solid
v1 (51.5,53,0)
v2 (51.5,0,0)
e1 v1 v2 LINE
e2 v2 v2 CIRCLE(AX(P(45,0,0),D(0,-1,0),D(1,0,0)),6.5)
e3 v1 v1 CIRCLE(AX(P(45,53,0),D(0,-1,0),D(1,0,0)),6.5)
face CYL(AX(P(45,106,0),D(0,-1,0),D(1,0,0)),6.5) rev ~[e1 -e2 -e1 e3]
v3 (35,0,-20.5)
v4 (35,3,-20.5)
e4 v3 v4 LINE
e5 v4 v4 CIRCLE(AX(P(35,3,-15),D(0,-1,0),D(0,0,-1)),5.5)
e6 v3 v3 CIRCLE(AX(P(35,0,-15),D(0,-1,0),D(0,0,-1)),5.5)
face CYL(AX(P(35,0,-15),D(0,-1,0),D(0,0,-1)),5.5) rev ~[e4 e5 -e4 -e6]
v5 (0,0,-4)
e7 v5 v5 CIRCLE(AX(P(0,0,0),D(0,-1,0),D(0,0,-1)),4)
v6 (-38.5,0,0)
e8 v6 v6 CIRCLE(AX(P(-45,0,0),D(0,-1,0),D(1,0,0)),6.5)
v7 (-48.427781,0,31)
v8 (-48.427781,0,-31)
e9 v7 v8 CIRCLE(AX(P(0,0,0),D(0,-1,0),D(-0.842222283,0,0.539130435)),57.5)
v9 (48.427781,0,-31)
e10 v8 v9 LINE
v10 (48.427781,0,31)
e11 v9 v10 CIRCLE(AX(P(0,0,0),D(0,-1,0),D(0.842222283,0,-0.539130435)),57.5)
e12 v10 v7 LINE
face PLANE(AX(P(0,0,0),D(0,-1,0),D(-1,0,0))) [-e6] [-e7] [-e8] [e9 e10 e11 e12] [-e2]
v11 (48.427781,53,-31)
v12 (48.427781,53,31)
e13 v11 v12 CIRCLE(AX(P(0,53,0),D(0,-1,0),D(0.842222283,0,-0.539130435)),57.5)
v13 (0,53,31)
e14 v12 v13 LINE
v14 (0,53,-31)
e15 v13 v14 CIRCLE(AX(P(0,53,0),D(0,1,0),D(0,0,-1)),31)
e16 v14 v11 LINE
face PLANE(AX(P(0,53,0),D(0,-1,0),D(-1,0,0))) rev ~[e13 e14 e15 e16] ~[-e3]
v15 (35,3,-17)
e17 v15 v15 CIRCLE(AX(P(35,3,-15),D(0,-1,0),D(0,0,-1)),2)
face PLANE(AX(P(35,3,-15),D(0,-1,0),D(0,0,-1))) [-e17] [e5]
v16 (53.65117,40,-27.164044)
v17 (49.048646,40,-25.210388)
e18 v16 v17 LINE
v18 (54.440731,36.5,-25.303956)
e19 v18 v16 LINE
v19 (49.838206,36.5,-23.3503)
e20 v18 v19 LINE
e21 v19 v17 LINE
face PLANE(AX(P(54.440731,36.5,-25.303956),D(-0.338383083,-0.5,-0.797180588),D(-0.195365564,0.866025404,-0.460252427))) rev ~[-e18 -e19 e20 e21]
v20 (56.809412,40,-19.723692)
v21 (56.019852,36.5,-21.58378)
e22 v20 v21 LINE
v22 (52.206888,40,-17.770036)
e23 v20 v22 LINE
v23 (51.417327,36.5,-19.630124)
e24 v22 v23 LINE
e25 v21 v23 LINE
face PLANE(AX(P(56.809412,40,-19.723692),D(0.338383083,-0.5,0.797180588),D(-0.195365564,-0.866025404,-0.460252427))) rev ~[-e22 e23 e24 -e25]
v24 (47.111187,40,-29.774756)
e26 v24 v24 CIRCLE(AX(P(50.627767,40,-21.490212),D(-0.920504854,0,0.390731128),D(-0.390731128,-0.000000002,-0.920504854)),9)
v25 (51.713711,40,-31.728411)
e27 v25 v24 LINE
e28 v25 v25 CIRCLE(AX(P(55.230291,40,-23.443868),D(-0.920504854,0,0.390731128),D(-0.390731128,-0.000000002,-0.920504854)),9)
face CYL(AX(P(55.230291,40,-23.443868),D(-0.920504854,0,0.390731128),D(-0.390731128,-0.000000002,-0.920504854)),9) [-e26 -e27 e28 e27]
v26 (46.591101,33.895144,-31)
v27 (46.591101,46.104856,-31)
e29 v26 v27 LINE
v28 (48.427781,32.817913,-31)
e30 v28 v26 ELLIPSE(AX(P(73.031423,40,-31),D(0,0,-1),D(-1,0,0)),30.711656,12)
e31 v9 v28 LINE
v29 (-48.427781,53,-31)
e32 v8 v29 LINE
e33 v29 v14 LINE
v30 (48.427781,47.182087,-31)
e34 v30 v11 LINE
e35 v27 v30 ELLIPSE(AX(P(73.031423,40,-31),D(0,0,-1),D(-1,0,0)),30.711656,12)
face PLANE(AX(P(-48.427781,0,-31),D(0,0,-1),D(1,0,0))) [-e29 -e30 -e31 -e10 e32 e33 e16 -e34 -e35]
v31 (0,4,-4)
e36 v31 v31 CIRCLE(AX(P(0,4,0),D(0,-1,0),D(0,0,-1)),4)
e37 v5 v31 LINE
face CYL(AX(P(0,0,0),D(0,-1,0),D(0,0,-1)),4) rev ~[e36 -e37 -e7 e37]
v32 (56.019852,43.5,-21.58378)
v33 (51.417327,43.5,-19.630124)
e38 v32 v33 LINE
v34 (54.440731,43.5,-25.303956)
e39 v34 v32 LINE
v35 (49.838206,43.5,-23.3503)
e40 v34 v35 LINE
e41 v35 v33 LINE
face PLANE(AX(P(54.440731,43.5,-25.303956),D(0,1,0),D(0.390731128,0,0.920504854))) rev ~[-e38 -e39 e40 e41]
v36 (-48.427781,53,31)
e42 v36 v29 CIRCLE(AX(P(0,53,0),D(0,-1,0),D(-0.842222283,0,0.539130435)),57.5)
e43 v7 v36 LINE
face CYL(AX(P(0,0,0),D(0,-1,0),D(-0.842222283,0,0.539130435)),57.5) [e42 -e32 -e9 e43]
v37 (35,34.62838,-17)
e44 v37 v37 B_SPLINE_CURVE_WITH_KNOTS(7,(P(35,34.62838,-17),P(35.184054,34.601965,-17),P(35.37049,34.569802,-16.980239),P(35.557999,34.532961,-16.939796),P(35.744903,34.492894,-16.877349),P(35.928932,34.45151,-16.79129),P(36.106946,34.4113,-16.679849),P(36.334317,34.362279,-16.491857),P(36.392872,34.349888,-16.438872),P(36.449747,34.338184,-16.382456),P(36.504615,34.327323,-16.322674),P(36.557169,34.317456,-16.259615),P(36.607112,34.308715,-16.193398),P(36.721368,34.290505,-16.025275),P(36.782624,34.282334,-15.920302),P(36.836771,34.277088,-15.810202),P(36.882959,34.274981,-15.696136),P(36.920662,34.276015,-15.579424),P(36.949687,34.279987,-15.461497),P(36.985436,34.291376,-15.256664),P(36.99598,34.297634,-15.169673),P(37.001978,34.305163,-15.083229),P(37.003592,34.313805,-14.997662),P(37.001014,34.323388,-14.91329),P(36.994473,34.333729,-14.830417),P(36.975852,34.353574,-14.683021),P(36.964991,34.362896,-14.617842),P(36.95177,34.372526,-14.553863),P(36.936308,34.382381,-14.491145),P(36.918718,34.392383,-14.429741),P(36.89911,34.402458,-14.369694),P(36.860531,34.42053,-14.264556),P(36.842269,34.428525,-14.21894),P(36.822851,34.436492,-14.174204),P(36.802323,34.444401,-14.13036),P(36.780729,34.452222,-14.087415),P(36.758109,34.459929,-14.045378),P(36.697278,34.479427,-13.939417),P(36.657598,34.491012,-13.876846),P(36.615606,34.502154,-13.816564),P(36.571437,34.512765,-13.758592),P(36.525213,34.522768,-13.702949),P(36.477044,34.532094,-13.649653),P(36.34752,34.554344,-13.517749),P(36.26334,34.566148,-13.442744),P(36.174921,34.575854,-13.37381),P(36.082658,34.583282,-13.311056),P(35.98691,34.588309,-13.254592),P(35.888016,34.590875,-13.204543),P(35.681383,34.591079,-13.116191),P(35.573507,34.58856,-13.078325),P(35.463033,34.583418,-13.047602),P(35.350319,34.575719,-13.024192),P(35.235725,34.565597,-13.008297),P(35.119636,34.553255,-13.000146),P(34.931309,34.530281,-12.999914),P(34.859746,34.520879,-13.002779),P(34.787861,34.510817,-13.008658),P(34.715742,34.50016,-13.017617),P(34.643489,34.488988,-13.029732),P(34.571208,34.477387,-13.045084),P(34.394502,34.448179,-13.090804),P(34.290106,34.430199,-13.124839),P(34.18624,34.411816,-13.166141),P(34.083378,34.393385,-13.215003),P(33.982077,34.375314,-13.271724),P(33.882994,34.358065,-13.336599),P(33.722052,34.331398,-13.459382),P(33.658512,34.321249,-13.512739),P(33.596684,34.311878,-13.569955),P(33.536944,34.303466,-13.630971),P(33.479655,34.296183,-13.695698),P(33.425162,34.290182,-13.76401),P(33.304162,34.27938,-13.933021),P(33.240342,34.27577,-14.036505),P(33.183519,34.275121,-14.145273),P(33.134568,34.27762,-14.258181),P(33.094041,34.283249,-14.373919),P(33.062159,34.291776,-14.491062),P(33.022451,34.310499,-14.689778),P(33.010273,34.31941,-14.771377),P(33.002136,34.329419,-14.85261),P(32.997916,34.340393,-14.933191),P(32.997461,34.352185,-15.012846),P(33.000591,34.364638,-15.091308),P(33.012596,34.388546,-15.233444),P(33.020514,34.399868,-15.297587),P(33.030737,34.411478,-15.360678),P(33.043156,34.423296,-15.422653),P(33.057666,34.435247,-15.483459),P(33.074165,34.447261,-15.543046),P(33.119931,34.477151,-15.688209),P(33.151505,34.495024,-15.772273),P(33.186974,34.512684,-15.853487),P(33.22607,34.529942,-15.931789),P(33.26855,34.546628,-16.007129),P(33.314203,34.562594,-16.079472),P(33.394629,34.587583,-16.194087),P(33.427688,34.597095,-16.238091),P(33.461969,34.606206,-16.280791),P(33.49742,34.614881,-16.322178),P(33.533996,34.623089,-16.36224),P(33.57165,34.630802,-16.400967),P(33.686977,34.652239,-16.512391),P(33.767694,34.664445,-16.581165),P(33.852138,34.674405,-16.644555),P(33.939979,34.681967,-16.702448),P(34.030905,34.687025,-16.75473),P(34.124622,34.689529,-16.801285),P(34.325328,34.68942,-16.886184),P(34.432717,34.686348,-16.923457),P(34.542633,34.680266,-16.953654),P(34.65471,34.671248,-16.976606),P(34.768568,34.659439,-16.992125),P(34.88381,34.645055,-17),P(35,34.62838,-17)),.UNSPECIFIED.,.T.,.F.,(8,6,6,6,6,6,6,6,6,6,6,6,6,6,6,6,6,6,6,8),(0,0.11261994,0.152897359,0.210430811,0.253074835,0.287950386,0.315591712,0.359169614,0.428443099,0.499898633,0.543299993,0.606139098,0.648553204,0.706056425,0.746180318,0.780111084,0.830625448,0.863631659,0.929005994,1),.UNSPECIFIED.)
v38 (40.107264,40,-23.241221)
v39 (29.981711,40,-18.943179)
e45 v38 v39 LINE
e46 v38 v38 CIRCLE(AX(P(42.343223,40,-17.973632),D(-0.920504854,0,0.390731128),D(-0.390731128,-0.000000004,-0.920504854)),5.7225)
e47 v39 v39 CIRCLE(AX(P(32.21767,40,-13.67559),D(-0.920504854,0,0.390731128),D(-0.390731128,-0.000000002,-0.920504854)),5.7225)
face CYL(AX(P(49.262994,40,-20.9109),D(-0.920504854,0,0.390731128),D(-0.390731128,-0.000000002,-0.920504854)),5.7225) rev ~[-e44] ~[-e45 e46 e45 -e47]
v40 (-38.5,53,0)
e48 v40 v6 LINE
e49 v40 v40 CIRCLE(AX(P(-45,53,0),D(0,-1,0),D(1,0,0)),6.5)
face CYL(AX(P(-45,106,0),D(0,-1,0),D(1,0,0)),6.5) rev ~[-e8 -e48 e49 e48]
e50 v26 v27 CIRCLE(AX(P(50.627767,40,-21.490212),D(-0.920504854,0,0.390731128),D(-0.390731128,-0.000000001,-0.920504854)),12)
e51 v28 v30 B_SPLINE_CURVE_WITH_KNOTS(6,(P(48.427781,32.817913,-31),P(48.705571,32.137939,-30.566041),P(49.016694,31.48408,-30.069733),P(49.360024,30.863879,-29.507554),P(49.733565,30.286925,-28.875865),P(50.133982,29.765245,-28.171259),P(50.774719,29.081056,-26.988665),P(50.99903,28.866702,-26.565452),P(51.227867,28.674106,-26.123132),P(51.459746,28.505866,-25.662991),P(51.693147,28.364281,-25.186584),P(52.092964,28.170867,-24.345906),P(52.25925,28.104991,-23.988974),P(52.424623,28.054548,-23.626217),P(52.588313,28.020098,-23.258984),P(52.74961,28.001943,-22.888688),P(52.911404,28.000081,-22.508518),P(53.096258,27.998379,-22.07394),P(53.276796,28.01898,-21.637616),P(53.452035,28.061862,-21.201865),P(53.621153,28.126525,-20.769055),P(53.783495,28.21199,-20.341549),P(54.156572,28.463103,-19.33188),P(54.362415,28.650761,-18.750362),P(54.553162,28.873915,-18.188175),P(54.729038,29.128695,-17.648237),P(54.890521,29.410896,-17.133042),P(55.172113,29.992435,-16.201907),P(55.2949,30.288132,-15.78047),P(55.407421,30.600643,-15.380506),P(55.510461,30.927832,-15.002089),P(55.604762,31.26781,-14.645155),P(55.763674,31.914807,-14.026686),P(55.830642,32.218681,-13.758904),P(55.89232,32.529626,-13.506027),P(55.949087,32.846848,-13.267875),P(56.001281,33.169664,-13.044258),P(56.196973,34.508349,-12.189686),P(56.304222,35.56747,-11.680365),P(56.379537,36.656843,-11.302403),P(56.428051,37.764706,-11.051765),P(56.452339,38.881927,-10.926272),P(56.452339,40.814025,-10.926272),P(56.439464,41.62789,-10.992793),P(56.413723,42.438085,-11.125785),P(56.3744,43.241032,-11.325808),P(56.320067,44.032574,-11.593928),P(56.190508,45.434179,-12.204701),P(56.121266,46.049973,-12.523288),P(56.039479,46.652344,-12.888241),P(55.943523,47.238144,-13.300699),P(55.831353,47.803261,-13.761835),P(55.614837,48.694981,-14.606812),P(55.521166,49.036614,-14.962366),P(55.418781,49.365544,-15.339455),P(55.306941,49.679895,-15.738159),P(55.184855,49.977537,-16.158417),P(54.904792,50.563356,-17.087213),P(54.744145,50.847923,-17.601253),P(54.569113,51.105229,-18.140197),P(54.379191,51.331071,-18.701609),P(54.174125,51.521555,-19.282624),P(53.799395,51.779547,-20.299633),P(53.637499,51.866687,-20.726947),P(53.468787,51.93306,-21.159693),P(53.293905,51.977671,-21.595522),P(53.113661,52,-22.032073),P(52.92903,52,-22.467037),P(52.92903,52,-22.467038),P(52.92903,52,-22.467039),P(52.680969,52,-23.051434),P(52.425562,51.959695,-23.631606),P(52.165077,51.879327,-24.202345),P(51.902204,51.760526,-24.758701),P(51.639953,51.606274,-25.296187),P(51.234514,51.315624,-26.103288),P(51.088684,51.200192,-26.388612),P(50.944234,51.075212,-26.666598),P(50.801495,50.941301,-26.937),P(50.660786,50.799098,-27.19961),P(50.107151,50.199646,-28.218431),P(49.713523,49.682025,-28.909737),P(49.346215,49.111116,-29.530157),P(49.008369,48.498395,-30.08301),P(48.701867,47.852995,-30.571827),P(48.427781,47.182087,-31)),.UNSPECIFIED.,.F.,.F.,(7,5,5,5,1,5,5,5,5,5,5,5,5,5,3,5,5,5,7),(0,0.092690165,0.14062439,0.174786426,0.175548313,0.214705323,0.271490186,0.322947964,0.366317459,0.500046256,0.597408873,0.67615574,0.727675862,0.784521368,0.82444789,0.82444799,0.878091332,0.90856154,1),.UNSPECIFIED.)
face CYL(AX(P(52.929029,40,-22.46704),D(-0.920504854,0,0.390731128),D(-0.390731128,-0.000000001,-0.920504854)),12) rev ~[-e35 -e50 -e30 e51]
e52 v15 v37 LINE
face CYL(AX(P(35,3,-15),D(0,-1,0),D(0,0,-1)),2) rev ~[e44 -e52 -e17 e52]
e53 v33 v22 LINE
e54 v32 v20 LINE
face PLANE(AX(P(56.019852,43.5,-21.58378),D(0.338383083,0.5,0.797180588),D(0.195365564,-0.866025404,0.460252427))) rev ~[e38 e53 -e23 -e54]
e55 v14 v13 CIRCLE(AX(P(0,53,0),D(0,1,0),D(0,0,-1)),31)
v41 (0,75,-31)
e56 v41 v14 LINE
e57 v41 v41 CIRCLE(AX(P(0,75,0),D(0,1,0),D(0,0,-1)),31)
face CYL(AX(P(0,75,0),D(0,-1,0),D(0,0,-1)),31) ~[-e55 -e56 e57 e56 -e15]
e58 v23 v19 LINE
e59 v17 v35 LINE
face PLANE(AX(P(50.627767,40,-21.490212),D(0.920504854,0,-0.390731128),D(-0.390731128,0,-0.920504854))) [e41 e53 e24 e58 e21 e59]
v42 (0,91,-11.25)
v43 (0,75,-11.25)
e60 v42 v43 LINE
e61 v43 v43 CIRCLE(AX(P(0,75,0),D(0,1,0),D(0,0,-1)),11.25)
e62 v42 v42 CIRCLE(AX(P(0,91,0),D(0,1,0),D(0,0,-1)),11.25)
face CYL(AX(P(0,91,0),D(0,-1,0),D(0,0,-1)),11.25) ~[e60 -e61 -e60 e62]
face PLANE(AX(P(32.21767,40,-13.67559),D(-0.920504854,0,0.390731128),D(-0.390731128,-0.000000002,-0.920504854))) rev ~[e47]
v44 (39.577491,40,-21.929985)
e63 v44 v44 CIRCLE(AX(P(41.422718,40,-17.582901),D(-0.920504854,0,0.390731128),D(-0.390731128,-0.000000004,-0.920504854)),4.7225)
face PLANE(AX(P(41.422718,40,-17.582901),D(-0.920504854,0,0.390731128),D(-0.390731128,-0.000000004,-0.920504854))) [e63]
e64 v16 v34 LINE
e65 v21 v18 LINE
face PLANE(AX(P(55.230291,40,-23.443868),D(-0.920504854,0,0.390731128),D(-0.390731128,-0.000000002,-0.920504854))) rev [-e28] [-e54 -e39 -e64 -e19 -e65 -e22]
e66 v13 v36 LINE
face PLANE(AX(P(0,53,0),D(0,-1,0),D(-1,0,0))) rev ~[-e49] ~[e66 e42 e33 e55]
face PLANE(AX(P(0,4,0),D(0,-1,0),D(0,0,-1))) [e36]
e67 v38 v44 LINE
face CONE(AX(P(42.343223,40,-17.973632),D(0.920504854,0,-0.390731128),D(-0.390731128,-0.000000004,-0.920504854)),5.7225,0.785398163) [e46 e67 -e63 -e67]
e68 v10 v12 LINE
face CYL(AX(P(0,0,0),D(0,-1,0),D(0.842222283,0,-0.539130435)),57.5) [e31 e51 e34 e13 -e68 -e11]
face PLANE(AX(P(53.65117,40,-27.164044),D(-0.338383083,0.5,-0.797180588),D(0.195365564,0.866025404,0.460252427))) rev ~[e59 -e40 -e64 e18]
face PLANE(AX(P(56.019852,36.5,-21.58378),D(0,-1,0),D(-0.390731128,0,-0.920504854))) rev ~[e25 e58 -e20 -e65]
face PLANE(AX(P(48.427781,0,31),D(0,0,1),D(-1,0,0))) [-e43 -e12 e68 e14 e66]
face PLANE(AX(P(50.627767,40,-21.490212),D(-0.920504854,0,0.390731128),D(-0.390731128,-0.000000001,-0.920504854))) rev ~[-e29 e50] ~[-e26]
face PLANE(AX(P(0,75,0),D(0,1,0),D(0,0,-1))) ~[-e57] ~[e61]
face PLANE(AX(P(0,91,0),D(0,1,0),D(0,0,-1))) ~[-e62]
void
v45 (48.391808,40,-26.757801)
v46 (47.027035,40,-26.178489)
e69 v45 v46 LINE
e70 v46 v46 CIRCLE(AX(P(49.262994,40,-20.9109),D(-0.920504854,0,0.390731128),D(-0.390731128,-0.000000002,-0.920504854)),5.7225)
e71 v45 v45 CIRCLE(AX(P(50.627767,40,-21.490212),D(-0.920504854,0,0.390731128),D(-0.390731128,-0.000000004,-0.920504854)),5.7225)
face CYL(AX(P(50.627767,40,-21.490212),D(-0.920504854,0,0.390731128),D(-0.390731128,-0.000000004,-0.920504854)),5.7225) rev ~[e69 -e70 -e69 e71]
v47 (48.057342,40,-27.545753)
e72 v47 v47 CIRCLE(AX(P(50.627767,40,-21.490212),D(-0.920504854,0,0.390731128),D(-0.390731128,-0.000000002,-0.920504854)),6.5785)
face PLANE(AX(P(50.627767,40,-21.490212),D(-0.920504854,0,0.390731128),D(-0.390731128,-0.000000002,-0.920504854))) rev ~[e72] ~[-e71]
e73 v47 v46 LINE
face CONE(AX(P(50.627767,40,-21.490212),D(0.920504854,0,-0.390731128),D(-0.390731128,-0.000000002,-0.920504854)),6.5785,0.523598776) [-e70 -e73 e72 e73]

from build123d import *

# Parameters (mm, degrees)
EXTRUDE1_DEPTH     = 53
HOLE1_D            = 13
HOLE1_DEPTH        = 53
SKETCH5_R          = 4
CUT_EXTRUDE1_DEPTH = 4
SKETCH6_R          = 5.5
CUT_EXTRUDE2_DEPTH = 3
SKETCH7_R          = 2
CUT_EXTRUDE3_DEPTH = 33
CUT_EXTRUDE4_DEPTH = 5


with BuildPart() as part:
    # Sketch1 → Extrude1 (new body)
    with BuildSketch(Plane(origin=(0, 0, 0), x_dir=(1, 0, 0), z_dir=(0, 1, 0))):
        with BuildLine():
            Line((-48.427781283, 31), (48.427781283, 31))
            ThreePointArc((48.427781283, 31), (57.5, 0), (48.427781283, -31))
            Line((48.427781283, -31), (-48.427781283, -31))
            ThreePointArc((-48.427781283, -31), (-57.5, 0), (-48.427781283, 31))
        make_face()
    extrude(amount=EXTRUDE1_DEPTH)

    # Sketch2 → Revolve1 (revolve)
    with BuildSketch(Plane.XY, mode=Mode.PRIVATE) as revolve1_sk:
        Polygon((0, 91), (-11.25, 91), (-11.25, 75), (-31, 75), (-31, 53), (0, 53), align=None)
    revolve(revolve1_sk.sketch.rotate(Axis((0, 0, 0), (0, 1, 0)), 270), axis=Axis((0, 0, 0), (0, 1, 0)))  # turned: the seam where the file's is

    # Hole1
    with Locations(Plane(origin=(0, 53, 0), x_dir=(-1, 0, 0), z_dir=(0, 1, 0))):
        with Locations((45, 0), (-45, 0)):
            Hole(HOLE1_D / 2, depth=HOLE1_DEPTH)

    # Sketch5 → Cut-Extrude1 (cut)
    with BuildSketch(Plane.XZ):
        with Locations(Location((0, 0, 0), (0, 0, 270))):  # turned: the seam where the file's is
            Circle(SKETCH5_R)
    extrude(amount=-CUT_EXTRUDE1_DEPTH, mode=Mode.SUBTRACT)

    # Sketch6 → Cut-Extrude2 (cut)
    with BuildSketch(Plane.XZ):
        with Locations(Location((35, -15, 0), (0, 0, 270))):  # turned: the seam where the file's is
            Circle(SKETCH6_R)
    extrude(amount=-CUT_EXTRUDE2_DEPTH, mode=Mode.SUBTRACT)

    # Sketch7 → Cut-Extrude3 (cut)
    with BuildSketch(Plane.XZ.offset(-3)):
        with Locations(Location((35, -15, 0), (0, 0, 270))):  # turned: the seam where the file's is
            Circle(SKETCH7_R)
    extrude(amount=-CUT_EXTRUDE3_DEPTH, mode=Mode.SUBTRACT)

    # Sketch8 → Cut-Revolve1 (revolve, cut)
    with BuildSketch(Plane(origin=(0, 0, 0), x_dir=(0.920504853, 0, -0.390731128), z_dir=(0.390731128, 0, 0.920504853)), mode=Mode.PRIVATE) as cut_revolve1_sk:
        Polygon((57.5, 28), (55, 28), (55, 33.4215), (53.517364509, 34.2775), (35, 34.2775), (35, 40), (57.5, 40), align=None)
    revolve(cut_revolve1_sk.sketch.rotate(Axis((47.484793311, 40, -20.156098913), (-0.920504853, 0, 0.390731128)), 270), axis=Axis((47.484793311, 40, -20.156098913), (-0.920504853, 0, 0.390731128)), mode=Mode.SUBTRACT)  # turned: the seam where the file's is

    # Sketch9 → Revolve2 (revolve)
    with BuildSketch(Plane(origin=(0, 0, 0), x_dir=(0.920504853, 0, -0.390731128), z_dir=(0.390731128, 0, 0.920504853)), mode=Mode.PRIVATE) as revolve2_sk:
        Polygon((55, 31), (55, 34.2775), (46, 34.2775), (45, 35.2775), (45, 40), (60, 40), (60, 31), align=None)
    revolve(revolve2_sk.sketch.rotate(Axis((68.658528533, 40, -29.14381628), (-0.920504853, 0, 0.390731128)), 270), axis=Axis((68.658528533, 40, -29.14381628), (-0.920504853, 0, 0.390731128)))  # turned: the seam where the file's is

    # Sketch10 → Cut-Extrude4 (cut)
    with BuildSketch(Plane(origin=(55.230291207, 0, -23.443867709), x_dir=(-0.390731128, 0, -0.920504853), z_dir=(0.920504853, 0, -0.390731128))):
        Polygon((4.041451884, 40), (2.020725942, 43.5), (-2.020725942, 43.5), (-4.041451884, 40), (-2.020725942, 36.5), (2.020725942, 36.5), align=None)
    extrude(amount=-CUT_EXTRUDE4_DEPTH, mode=Mode.SUBTRACT)


solid = part.part
